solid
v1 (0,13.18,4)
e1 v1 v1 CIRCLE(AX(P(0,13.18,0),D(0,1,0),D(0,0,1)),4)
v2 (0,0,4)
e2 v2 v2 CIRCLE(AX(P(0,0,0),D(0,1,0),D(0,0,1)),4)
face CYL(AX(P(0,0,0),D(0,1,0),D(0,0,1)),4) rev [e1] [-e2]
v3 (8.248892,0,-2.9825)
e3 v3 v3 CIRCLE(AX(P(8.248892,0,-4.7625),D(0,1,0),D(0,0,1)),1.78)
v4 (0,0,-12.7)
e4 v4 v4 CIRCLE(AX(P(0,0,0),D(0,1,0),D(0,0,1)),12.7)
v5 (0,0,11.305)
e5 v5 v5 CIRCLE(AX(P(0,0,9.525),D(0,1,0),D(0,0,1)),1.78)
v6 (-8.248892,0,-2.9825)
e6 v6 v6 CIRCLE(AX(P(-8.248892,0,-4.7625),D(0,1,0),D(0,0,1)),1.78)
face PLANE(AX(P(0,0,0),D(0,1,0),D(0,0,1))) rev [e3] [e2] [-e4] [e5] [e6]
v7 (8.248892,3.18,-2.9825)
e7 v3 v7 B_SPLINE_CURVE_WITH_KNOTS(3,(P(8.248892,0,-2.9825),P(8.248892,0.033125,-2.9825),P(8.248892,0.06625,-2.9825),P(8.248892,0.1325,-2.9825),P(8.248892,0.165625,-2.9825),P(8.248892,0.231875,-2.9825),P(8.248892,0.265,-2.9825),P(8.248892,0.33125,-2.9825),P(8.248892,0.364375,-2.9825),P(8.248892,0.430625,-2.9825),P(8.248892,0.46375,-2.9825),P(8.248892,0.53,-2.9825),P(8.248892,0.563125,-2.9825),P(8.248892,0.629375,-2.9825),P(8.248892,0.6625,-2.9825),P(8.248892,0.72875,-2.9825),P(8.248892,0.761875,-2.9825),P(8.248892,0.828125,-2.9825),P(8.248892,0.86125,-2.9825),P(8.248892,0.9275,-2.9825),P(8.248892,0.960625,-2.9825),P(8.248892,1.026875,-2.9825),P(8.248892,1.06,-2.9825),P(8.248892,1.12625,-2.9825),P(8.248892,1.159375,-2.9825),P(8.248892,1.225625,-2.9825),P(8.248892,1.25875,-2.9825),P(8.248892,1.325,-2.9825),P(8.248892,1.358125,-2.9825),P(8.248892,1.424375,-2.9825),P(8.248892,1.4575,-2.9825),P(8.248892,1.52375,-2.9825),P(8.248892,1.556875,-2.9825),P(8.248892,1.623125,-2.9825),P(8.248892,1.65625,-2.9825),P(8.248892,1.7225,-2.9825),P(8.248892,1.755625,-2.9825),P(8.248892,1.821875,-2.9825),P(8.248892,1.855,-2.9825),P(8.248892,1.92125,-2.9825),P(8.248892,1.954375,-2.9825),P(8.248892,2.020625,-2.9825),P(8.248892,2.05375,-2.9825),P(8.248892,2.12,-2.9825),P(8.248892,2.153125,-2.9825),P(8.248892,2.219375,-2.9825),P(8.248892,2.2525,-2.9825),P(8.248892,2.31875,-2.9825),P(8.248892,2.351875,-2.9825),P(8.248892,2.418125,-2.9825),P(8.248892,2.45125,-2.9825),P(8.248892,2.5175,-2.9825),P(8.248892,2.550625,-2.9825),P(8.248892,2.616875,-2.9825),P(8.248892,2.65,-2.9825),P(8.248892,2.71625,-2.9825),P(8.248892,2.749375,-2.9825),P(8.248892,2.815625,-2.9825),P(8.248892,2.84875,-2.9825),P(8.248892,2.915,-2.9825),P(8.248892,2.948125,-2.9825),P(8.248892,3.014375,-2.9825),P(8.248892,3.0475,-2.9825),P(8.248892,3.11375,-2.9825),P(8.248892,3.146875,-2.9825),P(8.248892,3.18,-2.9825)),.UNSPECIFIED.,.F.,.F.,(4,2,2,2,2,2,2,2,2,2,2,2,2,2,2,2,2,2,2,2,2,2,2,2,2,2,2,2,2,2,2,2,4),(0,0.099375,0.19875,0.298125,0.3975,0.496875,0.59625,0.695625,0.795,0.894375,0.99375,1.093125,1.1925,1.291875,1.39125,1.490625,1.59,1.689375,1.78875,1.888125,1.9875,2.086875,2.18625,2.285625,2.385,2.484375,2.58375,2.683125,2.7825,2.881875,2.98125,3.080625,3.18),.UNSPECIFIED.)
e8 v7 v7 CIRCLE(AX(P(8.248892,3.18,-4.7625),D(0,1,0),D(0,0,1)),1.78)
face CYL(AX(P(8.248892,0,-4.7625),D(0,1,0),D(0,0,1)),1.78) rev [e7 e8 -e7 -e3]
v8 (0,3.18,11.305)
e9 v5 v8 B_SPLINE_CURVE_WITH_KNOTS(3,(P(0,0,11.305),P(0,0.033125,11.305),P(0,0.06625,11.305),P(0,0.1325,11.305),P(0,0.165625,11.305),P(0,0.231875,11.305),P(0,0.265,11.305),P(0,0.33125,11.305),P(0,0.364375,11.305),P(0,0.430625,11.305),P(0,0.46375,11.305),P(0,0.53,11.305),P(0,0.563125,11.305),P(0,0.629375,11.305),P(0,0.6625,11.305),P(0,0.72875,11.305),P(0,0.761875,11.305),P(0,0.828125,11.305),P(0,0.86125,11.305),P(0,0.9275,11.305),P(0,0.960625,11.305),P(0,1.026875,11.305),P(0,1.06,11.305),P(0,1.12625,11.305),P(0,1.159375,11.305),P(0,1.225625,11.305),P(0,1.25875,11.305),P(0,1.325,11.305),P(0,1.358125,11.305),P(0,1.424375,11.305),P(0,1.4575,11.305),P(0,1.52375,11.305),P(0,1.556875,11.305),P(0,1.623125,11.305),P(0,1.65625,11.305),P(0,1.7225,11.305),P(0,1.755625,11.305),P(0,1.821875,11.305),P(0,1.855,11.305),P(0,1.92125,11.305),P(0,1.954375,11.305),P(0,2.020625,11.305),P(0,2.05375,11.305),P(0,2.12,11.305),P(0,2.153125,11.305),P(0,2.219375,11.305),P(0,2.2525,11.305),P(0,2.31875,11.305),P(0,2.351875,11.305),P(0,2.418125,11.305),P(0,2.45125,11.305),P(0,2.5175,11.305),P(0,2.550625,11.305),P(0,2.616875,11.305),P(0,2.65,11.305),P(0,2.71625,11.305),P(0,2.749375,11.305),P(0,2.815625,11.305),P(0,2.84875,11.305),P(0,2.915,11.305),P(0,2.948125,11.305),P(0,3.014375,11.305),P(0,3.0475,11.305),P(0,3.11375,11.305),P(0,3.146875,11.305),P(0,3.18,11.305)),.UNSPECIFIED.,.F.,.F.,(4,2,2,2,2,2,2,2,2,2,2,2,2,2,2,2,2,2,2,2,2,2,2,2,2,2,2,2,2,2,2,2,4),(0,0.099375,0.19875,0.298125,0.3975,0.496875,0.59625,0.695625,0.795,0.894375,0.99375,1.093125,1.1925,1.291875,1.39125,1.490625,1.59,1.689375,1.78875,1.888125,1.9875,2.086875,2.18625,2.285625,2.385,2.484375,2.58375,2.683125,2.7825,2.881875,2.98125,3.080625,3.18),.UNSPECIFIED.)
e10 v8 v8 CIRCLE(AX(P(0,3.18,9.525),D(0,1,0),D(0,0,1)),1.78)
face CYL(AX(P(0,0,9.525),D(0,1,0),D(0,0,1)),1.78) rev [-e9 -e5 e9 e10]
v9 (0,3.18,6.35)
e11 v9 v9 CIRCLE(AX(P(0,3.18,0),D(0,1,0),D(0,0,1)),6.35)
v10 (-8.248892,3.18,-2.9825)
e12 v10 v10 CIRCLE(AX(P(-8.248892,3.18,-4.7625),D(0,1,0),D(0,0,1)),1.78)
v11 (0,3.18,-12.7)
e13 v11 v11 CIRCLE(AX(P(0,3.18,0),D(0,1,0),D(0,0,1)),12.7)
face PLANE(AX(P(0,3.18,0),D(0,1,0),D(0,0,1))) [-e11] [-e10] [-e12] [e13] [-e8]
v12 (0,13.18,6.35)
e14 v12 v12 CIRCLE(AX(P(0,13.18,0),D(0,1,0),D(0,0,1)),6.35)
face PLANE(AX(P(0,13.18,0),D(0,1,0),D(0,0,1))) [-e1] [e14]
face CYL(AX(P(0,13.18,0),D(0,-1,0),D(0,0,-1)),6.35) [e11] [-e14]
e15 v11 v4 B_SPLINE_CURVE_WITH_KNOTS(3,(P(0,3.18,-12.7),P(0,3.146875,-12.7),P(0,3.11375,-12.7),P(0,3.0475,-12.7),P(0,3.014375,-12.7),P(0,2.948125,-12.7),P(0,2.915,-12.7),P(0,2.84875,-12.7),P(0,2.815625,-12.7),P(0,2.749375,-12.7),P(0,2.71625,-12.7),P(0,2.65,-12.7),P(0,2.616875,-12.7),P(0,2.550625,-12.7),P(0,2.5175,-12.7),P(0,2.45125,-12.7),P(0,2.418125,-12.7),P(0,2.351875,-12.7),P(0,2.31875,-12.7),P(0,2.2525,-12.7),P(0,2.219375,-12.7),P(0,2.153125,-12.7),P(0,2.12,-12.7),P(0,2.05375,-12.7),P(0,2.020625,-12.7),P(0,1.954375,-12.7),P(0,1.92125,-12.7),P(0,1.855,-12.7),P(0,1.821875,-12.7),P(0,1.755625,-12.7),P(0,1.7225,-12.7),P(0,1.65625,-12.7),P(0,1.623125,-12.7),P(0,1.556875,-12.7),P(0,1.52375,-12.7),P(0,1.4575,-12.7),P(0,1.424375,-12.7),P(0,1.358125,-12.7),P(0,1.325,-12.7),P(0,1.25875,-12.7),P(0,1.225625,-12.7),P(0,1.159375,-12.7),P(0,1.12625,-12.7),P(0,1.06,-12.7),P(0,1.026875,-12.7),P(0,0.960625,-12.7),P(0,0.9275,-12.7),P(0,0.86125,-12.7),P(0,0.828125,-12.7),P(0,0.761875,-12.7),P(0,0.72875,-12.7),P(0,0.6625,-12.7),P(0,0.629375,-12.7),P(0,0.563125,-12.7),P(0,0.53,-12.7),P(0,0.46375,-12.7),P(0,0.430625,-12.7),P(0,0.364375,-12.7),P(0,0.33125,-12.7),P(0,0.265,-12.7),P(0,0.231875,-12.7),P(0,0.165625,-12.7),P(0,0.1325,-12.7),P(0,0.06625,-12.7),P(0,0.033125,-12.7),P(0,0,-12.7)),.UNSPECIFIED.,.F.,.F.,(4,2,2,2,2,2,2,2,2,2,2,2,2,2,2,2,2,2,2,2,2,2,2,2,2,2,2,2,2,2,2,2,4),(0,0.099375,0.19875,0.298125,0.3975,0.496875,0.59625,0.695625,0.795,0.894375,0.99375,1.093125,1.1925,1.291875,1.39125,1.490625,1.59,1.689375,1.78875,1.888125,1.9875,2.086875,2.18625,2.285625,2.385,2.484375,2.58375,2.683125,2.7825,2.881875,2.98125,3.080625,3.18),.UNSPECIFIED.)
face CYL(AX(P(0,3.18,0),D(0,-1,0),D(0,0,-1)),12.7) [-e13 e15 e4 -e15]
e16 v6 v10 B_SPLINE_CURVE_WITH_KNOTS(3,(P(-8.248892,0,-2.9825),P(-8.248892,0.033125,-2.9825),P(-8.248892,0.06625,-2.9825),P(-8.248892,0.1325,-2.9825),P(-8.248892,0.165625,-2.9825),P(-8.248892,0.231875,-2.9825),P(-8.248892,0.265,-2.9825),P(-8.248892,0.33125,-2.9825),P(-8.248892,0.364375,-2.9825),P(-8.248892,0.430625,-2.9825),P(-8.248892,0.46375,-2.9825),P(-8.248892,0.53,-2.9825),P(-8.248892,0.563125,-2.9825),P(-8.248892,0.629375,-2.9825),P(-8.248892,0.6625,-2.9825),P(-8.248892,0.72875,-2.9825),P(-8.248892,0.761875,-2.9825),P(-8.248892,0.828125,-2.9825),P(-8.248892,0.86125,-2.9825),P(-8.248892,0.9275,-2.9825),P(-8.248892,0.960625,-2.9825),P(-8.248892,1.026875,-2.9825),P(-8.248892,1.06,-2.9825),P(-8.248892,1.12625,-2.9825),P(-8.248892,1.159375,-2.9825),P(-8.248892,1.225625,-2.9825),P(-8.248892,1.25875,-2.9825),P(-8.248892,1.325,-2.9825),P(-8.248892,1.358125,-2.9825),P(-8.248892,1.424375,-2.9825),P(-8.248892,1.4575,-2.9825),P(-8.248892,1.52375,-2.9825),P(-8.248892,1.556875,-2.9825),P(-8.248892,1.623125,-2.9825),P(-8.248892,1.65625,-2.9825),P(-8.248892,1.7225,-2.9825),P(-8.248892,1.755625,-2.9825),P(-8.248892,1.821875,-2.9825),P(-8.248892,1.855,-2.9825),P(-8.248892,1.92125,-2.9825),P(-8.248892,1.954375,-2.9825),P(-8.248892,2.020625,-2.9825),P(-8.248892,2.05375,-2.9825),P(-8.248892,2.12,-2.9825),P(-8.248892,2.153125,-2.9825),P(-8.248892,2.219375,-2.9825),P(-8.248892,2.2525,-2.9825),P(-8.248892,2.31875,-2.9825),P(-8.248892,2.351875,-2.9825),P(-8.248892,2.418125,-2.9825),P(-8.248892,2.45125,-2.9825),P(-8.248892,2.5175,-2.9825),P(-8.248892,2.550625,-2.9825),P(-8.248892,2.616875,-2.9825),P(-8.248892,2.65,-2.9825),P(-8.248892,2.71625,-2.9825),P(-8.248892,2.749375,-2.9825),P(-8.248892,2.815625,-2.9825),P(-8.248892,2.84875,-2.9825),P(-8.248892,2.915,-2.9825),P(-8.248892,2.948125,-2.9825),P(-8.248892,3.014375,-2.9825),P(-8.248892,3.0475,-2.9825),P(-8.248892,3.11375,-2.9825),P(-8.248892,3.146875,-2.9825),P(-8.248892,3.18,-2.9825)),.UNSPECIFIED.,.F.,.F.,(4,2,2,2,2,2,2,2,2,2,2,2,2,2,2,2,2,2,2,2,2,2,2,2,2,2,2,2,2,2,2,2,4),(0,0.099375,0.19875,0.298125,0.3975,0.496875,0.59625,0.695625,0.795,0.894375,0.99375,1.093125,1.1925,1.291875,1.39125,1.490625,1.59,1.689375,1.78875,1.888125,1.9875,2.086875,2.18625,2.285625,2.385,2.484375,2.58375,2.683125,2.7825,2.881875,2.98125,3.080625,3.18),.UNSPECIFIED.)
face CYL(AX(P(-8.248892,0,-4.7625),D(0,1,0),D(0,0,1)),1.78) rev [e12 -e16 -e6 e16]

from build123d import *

# Parameters (mm, degrees)
SKETCH1_R           = 12.7
BOSS_EXTRUDE1_DEPTH = 3.18
SKETCH2_R           = 6.35
BOSS_EXTRUDE2_DEPTH = 10
SKETCH3_R           = 4
CUT_EXTRUDE1_DEPTH  = 23.277621058
SKETCH4_R           = 1.78
CUT_EXTRUDE2_DEPTH  = 21.556750716


with BuildPart() as part:
    # Sketch1 → Boss-Extrude1 (new body)
    with BuildSketch(Plane(origin=(0, 0, 0), x_dir=(1, 0, 0), z_dir=(0, 1, 0))):
        with Locations(Location((0, 0, 0), (0, 0, 90))):
            Circle(SKETCH1_R)
    extrude(amount=BOSS_EXTRUDE1_DEPTH)

    # Sketch2 → Boss-Extrude2 (add)
    with BuildSketch(Plane(origin=(0, 3.18, 0), x_dir=(1, 0, 0), z_dir=(0, 1, 0))):
        with Locations(Location((0, 0, 0), (0, 0, 270))):
            Circle(SKETCH2_R)
    extrude(amount=BOSS_EXTRUDE2_DEPTH)

    # Sketch3 → Cut-Extrude1 (cut, through all)
    with BuildSketch(Plane(origin=(0, 13.18, 0), x_dir=(1, 0, 0), z_dir=(0, 1, 0))):
        with Locations(Location((0, 0, 0), (0, 0, 270))):
            Circle(SKETCH3_R)
    extrude(amount=-CUT_EXTRUDE1_DEPTH, mode=Mode.SUBTRACT)

    # Sketch4 → Cut-Extrude2 (cut, through all)
    with BuildSketch(Plane(origin=(0, 3.18, 0), x_dir=(1, 0, 0), z_dir=(0, 1, 0))):
        with Locations(Location((0, -9.525, 0), (0, 0, 270))):
            Circle(SKETCH4_R)
        with Locations(Location((-8.248891971, 4.7625, 0), (0, 0, 270))):
            Circle(SKETCH4_R)
        with Locations(Location((8.248891971, 4.7625, 0), (0, 0, 270))):
            Circle(SKETCH4_R)
    extrude(amount=-CUT_EXTRUDE2_DEPTH, mode=Mode.SUBTRACT)


solid = part.part
